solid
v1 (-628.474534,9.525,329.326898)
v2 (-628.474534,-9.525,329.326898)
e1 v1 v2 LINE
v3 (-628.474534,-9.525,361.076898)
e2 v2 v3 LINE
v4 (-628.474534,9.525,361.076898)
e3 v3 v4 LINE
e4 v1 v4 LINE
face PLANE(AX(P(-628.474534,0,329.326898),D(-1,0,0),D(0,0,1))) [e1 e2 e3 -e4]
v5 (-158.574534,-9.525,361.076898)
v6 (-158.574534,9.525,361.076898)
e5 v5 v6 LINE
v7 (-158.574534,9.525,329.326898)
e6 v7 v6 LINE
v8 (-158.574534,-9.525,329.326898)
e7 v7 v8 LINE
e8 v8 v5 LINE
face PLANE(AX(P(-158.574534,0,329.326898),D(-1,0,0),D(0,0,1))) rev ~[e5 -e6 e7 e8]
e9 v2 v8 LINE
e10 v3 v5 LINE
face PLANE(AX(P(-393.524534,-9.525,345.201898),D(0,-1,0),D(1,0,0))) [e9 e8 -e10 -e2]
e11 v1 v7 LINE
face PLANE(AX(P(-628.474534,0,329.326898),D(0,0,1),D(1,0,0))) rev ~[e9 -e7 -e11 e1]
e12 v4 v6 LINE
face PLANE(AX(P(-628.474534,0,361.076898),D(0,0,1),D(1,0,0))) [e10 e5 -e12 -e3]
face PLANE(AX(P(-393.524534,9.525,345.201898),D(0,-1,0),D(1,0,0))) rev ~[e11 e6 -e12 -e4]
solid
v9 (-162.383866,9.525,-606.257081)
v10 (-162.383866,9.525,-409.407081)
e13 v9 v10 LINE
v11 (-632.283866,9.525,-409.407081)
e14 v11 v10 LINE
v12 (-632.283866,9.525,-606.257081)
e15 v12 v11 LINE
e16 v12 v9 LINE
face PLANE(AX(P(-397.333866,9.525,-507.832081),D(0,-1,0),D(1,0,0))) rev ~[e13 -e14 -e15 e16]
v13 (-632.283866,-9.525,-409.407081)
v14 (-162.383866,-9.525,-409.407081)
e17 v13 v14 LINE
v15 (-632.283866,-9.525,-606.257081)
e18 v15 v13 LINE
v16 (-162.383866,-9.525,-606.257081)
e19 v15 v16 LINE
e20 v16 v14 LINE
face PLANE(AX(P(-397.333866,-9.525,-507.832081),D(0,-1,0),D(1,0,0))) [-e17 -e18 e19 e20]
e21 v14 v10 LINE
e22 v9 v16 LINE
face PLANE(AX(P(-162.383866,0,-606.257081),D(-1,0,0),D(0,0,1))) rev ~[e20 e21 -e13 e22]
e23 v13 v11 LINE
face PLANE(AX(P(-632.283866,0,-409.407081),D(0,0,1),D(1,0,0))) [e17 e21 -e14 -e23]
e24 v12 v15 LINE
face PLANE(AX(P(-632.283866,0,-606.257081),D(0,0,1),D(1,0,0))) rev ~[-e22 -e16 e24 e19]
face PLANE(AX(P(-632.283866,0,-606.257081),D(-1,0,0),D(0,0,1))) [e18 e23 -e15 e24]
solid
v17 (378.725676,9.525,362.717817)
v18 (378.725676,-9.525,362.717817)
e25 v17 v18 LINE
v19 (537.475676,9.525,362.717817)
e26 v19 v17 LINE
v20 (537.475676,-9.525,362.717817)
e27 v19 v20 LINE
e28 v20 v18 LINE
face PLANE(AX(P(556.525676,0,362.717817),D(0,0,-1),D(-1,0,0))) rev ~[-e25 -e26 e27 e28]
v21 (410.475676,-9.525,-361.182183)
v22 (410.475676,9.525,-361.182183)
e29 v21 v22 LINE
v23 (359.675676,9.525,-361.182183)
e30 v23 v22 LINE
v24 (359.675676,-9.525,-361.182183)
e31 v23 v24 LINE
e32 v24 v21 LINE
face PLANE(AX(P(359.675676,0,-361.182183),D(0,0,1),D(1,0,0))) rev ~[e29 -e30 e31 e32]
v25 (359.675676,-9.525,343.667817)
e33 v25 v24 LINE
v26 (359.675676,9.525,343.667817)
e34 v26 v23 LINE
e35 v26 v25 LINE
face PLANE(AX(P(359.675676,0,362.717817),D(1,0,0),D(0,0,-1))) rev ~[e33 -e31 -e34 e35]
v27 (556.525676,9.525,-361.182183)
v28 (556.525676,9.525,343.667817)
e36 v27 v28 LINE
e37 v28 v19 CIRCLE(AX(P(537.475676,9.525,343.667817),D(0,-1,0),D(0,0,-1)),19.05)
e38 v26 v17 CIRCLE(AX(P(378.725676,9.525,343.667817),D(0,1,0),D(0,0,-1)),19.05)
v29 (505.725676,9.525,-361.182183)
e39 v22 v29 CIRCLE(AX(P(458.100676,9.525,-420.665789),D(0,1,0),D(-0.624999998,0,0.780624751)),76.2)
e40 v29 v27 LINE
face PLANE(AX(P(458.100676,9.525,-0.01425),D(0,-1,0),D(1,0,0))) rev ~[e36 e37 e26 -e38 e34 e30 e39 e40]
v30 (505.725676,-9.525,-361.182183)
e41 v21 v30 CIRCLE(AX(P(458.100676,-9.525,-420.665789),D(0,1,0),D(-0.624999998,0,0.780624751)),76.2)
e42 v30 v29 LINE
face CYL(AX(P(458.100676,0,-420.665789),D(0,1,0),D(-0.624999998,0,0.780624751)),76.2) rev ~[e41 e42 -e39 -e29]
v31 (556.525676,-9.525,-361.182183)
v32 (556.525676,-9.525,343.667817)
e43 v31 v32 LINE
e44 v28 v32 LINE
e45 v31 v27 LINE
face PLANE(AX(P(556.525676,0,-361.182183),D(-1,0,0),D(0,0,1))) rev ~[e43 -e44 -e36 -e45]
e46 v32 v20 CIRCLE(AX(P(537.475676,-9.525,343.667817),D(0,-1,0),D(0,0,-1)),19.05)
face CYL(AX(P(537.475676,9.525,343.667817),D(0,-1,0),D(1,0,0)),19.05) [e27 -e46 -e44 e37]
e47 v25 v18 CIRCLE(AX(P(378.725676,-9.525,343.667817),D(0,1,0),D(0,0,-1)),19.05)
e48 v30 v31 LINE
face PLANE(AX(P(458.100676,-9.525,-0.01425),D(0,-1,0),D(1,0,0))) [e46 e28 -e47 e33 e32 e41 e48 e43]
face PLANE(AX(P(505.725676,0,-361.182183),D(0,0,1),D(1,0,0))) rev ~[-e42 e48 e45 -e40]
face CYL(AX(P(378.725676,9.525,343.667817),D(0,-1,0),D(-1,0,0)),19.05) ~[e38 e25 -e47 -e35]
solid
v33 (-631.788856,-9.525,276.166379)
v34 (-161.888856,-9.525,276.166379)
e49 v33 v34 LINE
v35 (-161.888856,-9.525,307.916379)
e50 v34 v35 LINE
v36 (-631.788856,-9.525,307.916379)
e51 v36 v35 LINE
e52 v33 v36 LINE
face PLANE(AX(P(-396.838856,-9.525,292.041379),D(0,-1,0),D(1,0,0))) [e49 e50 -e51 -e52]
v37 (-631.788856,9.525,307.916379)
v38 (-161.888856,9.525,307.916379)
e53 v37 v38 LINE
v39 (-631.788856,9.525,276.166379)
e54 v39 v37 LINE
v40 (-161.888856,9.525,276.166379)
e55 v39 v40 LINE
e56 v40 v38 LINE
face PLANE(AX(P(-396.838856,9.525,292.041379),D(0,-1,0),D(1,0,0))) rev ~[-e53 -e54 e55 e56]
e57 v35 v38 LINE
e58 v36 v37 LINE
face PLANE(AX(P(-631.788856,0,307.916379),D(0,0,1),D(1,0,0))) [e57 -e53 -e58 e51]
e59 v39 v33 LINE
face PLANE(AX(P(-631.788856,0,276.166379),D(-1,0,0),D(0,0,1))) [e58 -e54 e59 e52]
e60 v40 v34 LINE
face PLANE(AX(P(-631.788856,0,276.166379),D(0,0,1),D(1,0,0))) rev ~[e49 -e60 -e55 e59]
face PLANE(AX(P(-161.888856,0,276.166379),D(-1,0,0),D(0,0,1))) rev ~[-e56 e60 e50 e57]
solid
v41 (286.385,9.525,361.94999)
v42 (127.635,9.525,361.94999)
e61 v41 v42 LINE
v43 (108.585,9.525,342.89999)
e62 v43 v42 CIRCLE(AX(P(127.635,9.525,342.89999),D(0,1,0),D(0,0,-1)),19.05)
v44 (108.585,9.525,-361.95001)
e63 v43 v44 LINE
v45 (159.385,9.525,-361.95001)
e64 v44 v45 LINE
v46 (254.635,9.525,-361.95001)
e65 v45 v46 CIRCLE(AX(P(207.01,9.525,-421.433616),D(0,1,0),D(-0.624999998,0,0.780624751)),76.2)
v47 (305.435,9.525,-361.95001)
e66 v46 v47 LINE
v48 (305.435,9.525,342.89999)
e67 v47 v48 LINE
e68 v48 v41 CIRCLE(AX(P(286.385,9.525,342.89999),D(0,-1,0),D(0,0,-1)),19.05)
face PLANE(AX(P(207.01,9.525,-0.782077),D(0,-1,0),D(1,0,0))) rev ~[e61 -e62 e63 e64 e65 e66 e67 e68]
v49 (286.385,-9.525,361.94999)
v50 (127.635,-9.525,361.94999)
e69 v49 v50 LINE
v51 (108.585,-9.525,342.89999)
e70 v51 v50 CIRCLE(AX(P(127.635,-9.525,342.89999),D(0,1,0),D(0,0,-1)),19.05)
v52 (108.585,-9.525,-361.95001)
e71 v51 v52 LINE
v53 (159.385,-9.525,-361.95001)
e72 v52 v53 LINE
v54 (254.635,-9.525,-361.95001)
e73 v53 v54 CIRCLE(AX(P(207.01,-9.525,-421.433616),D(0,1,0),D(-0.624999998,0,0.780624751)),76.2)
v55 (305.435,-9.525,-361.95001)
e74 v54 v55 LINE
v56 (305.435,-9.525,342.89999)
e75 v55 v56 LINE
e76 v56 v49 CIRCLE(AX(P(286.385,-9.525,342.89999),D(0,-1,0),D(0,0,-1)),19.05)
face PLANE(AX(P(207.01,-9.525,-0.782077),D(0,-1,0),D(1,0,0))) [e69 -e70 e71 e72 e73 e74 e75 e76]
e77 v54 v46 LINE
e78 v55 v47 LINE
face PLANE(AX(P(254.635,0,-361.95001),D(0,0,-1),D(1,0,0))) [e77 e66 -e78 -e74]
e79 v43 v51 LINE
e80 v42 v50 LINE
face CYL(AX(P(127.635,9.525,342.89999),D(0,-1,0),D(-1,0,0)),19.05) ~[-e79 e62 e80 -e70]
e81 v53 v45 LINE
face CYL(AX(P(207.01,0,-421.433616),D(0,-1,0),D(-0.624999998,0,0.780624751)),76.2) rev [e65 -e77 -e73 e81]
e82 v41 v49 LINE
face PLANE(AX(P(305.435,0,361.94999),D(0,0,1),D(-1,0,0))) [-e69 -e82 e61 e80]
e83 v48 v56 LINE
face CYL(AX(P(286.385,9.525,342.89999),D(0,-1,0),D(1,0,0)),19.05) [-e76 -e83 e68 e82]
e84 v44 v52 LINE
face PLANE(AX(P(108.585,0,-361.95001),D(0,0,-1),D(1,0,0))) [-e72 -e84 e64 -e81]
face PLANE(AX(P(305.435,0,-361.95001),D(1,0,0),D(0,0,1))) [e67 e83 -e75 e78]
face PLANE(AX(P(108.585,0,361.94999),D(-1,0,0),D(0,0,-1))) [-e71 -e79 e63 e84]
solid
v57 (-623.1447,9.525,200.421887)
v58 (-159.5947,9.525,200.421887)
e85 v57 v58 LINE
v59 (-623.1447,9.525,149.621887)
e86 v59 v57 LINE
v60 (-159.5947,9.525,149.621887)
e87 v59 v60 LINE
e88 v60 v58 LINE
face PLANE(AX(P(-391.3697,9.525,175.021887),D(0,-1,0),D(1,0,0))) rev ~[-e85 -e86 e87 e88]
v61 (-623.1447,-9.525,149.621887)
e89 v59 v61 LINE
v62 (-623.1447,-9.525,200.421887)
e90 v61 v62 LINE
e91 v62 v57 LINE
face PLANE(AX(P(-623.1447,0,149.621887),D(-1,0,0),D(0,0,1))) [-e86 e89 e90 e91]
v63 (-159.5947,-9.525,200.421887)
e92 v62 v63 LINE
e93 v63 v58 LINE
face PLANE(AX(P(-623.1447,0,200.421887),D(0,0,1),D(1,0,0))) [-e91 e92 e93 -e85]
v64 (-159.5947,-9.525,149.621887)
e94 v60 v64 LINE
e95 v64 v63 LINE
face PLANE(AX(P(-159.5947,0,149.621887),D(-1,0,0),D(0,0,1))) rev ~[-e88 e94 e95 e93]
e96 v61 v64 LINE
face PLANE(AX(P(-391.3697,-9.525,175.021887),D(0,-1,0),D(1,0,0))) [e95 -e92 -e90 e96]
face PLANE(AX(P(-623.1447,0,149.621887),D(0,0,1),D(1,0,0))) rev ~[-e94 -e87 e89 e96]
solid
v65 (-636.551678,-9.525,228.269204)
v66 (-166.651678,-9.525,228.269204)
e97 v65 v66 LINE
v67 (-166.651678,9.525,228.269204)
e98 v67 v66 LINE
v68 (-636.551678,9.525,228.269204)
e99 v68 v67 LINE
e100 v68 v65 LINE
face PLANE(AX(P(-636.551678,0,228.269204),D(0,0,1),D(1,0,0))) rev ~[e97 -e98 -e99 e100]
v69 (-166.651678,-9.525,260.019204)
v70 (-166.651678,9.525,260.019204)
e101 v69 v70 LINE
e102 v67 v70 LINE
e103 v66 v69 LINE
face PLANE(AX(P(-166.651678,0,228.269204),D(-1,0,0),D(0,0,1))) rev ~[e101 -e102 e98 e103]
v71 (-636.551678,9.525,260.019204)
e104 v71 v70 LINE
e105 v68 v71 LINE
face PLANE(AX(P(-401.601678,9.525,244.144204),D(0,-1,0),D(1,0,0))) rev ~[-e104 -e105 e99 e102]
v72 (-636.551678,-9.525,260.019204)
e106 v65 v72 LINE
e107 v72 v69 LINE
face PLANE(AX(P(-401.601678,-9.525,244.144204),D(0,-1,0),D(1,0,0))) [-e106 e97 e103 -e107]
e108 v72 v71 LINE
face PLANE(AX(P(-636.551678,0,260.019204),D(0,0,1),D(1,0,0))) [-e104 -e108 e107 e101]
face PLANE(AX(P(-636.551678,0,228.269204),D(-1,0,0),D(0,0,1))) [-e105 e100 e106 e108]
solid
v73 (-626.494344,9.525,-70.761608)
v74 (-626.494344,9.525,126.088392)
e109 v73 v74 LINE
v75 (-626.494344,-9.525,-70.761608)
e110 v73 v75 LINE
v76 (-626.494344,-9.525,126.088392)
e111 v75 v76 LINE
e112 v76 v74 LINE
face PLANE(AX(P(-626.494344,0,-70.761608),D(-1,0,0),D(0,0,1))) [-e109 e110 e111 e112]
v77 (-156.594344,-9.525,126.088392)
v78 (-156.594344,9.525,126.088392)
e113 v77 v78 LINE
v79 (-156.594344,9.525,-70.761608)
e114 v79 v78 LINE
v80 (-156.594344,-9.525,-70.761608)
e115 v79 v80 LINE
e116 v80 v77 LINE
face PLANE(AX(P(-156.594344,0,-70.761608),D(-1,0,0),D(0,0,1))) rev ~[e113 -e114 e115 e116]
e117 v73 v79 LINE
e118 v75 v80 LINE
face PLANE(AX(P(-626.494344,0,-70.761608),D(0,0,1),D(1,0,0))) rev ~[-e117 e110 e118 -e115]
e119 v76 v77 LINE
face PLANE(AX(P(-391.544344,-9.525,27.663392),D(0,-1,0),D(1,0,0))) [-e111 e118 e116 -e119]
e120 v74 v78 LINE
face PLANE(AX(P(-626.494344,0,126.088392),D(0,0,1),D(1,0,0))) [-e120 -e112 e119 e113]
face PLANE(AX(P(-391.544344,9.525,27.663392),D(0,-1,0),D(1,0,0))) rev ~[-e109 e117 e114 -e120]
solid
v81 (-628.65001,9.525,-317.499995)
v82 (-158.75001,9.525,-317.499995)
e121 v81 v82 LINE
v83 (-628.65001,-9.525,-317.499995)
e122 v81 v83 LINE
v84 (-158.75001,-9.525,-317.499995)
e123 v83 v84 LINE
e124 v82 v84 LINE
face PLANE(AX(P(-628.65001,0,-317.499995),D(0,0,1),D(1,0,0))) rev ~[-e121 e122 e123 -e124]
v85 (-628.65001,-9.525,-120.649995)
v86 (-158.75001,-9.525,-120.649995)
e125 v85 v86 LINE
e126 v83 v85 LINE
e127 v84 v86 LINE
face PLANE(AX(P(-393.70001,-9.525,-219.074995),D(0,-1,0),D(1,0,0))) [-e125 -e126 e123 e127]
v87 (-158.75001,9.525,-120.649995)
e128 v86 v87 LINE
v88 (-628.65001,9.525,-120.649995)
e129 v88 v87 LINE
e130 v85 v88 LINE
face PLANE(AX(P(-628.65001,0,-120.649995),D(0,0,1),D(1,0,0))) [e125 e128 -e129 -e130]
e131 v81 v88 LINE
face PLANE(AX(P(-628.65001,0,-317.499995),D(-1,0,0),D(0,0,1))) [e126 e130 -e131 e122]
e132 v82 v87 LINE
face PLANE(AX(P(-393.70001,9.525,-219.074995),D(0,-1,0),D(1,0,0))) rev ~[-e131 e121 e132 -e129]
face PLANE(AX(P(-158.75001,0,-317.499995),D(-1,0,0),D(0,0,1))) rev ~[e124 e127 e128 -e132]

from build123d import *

# Parameters (mm, degrees)
F4_W     = 469.9
F4_H     = 31.75
F6_W     = 469.9
F6_H     = 31.75
F7_W     = 469.9
F7_H     = 31.75
F5_W     = 463.55
F5_H     = 50.8
F1_W     = 469.9
F1_H     = 196.85
F2_W     = 469.9
F2_H     = 196.85
F3_W     = 469.9
F3_H     = 196.85
F9_DEPTH = 9.525
F10_R    = 19.05


with BuildPart() as f9:
    # F8 (on Front) + F4 (on Front) + F6 (on Front) + F7 (on Front) + F5 (on Front) + F1 (on Front) + F2 (on Front) + F3 (on Front) + F0 (on Front) → F9 (new body, symmetric)
    with BuildSketch(Plane.XZ):
        with BuildLine():
            Line((556.525676, -361.182183), (556.525676, 362.717817))
            Line((556.525676, 362.717817), (359.675676, 362.717817))
            Line((359.675676, 362.717817), (359.675676, -361.182183))
            Line((359.675676, -361.182183), (410.475676, -361.182183))
            ThreePointArc((410.475676, -361.182183), (458.100676, -344.465789), (505.725676, -361.182183))
            Line((505.725676, -361.182183), (556.525676, -361.182183))
        make_face()
    with BuildSketch(Plane.XZ):
        with Locations((-393.524534, 345.201898)):
            Rectangle(F4_W, F4_H)
    with BuildSketch(Plane.XZ):
        with Locations((-396.838856, 292.041379)):
            Rectangle(F6_W, F6_H)
    with BuildSketch(Plane.XZ):
        with Locations((-401.601678, 244.144204)):
            Rectangle(F7_W, F7_H)
    with BuildSketch(Plane.XZ):
        with Locations((-391.3697, 175.021887)):
            Rectangle(F5_W, F5_H)
    with BuildSketch(Plane.XZ):
        with Locations((-391.544344, 27.663392)):
            Rectangle(F1_W, F1_H)
    with BuildSketch(Plane.XZ):
        with Locations((-393.70001, -219.074995)):
            Rectangle(F2_W, F2_H)
    with BuildSketch(Plane.XZ):
        with Locations((-397.333866, -507.832081)):
            Rectangle(F3_W, F3_H)
    with BuildSketch(Plane.XZ):
        with BuildLine():
            Line((305.435, -361.95001), (305.435, 361.94999))
            Line((305.435, 361.94999), (108.585, 361.94999))
            Line((108.585, 361.94999), (108.585, -361.95001))
            Line((108.585, -361.95001), (159.385, -361.95001))
            ThreePointArc((159.385, -361.95001), (207.01, -345.233616), (254.635, -361.95001))
            Line((254.635, -361.95001), (305.435, -361.95001))
        make_face()
    extrude(amount=F9_DEPTH, both=True)

    # F10
    f10_edges = [f9.edges().sort_by_distance(p)[0] for p in [
        (108.585, 0, 361.94999),
        (305.435, 0, 361.94999),
        (359.675676, 0, 362.717817),
        (556.525676, 0, 362.717817),
    ]]
    fillet(f10_edges, radius=F10_R)


solid = f9.part
